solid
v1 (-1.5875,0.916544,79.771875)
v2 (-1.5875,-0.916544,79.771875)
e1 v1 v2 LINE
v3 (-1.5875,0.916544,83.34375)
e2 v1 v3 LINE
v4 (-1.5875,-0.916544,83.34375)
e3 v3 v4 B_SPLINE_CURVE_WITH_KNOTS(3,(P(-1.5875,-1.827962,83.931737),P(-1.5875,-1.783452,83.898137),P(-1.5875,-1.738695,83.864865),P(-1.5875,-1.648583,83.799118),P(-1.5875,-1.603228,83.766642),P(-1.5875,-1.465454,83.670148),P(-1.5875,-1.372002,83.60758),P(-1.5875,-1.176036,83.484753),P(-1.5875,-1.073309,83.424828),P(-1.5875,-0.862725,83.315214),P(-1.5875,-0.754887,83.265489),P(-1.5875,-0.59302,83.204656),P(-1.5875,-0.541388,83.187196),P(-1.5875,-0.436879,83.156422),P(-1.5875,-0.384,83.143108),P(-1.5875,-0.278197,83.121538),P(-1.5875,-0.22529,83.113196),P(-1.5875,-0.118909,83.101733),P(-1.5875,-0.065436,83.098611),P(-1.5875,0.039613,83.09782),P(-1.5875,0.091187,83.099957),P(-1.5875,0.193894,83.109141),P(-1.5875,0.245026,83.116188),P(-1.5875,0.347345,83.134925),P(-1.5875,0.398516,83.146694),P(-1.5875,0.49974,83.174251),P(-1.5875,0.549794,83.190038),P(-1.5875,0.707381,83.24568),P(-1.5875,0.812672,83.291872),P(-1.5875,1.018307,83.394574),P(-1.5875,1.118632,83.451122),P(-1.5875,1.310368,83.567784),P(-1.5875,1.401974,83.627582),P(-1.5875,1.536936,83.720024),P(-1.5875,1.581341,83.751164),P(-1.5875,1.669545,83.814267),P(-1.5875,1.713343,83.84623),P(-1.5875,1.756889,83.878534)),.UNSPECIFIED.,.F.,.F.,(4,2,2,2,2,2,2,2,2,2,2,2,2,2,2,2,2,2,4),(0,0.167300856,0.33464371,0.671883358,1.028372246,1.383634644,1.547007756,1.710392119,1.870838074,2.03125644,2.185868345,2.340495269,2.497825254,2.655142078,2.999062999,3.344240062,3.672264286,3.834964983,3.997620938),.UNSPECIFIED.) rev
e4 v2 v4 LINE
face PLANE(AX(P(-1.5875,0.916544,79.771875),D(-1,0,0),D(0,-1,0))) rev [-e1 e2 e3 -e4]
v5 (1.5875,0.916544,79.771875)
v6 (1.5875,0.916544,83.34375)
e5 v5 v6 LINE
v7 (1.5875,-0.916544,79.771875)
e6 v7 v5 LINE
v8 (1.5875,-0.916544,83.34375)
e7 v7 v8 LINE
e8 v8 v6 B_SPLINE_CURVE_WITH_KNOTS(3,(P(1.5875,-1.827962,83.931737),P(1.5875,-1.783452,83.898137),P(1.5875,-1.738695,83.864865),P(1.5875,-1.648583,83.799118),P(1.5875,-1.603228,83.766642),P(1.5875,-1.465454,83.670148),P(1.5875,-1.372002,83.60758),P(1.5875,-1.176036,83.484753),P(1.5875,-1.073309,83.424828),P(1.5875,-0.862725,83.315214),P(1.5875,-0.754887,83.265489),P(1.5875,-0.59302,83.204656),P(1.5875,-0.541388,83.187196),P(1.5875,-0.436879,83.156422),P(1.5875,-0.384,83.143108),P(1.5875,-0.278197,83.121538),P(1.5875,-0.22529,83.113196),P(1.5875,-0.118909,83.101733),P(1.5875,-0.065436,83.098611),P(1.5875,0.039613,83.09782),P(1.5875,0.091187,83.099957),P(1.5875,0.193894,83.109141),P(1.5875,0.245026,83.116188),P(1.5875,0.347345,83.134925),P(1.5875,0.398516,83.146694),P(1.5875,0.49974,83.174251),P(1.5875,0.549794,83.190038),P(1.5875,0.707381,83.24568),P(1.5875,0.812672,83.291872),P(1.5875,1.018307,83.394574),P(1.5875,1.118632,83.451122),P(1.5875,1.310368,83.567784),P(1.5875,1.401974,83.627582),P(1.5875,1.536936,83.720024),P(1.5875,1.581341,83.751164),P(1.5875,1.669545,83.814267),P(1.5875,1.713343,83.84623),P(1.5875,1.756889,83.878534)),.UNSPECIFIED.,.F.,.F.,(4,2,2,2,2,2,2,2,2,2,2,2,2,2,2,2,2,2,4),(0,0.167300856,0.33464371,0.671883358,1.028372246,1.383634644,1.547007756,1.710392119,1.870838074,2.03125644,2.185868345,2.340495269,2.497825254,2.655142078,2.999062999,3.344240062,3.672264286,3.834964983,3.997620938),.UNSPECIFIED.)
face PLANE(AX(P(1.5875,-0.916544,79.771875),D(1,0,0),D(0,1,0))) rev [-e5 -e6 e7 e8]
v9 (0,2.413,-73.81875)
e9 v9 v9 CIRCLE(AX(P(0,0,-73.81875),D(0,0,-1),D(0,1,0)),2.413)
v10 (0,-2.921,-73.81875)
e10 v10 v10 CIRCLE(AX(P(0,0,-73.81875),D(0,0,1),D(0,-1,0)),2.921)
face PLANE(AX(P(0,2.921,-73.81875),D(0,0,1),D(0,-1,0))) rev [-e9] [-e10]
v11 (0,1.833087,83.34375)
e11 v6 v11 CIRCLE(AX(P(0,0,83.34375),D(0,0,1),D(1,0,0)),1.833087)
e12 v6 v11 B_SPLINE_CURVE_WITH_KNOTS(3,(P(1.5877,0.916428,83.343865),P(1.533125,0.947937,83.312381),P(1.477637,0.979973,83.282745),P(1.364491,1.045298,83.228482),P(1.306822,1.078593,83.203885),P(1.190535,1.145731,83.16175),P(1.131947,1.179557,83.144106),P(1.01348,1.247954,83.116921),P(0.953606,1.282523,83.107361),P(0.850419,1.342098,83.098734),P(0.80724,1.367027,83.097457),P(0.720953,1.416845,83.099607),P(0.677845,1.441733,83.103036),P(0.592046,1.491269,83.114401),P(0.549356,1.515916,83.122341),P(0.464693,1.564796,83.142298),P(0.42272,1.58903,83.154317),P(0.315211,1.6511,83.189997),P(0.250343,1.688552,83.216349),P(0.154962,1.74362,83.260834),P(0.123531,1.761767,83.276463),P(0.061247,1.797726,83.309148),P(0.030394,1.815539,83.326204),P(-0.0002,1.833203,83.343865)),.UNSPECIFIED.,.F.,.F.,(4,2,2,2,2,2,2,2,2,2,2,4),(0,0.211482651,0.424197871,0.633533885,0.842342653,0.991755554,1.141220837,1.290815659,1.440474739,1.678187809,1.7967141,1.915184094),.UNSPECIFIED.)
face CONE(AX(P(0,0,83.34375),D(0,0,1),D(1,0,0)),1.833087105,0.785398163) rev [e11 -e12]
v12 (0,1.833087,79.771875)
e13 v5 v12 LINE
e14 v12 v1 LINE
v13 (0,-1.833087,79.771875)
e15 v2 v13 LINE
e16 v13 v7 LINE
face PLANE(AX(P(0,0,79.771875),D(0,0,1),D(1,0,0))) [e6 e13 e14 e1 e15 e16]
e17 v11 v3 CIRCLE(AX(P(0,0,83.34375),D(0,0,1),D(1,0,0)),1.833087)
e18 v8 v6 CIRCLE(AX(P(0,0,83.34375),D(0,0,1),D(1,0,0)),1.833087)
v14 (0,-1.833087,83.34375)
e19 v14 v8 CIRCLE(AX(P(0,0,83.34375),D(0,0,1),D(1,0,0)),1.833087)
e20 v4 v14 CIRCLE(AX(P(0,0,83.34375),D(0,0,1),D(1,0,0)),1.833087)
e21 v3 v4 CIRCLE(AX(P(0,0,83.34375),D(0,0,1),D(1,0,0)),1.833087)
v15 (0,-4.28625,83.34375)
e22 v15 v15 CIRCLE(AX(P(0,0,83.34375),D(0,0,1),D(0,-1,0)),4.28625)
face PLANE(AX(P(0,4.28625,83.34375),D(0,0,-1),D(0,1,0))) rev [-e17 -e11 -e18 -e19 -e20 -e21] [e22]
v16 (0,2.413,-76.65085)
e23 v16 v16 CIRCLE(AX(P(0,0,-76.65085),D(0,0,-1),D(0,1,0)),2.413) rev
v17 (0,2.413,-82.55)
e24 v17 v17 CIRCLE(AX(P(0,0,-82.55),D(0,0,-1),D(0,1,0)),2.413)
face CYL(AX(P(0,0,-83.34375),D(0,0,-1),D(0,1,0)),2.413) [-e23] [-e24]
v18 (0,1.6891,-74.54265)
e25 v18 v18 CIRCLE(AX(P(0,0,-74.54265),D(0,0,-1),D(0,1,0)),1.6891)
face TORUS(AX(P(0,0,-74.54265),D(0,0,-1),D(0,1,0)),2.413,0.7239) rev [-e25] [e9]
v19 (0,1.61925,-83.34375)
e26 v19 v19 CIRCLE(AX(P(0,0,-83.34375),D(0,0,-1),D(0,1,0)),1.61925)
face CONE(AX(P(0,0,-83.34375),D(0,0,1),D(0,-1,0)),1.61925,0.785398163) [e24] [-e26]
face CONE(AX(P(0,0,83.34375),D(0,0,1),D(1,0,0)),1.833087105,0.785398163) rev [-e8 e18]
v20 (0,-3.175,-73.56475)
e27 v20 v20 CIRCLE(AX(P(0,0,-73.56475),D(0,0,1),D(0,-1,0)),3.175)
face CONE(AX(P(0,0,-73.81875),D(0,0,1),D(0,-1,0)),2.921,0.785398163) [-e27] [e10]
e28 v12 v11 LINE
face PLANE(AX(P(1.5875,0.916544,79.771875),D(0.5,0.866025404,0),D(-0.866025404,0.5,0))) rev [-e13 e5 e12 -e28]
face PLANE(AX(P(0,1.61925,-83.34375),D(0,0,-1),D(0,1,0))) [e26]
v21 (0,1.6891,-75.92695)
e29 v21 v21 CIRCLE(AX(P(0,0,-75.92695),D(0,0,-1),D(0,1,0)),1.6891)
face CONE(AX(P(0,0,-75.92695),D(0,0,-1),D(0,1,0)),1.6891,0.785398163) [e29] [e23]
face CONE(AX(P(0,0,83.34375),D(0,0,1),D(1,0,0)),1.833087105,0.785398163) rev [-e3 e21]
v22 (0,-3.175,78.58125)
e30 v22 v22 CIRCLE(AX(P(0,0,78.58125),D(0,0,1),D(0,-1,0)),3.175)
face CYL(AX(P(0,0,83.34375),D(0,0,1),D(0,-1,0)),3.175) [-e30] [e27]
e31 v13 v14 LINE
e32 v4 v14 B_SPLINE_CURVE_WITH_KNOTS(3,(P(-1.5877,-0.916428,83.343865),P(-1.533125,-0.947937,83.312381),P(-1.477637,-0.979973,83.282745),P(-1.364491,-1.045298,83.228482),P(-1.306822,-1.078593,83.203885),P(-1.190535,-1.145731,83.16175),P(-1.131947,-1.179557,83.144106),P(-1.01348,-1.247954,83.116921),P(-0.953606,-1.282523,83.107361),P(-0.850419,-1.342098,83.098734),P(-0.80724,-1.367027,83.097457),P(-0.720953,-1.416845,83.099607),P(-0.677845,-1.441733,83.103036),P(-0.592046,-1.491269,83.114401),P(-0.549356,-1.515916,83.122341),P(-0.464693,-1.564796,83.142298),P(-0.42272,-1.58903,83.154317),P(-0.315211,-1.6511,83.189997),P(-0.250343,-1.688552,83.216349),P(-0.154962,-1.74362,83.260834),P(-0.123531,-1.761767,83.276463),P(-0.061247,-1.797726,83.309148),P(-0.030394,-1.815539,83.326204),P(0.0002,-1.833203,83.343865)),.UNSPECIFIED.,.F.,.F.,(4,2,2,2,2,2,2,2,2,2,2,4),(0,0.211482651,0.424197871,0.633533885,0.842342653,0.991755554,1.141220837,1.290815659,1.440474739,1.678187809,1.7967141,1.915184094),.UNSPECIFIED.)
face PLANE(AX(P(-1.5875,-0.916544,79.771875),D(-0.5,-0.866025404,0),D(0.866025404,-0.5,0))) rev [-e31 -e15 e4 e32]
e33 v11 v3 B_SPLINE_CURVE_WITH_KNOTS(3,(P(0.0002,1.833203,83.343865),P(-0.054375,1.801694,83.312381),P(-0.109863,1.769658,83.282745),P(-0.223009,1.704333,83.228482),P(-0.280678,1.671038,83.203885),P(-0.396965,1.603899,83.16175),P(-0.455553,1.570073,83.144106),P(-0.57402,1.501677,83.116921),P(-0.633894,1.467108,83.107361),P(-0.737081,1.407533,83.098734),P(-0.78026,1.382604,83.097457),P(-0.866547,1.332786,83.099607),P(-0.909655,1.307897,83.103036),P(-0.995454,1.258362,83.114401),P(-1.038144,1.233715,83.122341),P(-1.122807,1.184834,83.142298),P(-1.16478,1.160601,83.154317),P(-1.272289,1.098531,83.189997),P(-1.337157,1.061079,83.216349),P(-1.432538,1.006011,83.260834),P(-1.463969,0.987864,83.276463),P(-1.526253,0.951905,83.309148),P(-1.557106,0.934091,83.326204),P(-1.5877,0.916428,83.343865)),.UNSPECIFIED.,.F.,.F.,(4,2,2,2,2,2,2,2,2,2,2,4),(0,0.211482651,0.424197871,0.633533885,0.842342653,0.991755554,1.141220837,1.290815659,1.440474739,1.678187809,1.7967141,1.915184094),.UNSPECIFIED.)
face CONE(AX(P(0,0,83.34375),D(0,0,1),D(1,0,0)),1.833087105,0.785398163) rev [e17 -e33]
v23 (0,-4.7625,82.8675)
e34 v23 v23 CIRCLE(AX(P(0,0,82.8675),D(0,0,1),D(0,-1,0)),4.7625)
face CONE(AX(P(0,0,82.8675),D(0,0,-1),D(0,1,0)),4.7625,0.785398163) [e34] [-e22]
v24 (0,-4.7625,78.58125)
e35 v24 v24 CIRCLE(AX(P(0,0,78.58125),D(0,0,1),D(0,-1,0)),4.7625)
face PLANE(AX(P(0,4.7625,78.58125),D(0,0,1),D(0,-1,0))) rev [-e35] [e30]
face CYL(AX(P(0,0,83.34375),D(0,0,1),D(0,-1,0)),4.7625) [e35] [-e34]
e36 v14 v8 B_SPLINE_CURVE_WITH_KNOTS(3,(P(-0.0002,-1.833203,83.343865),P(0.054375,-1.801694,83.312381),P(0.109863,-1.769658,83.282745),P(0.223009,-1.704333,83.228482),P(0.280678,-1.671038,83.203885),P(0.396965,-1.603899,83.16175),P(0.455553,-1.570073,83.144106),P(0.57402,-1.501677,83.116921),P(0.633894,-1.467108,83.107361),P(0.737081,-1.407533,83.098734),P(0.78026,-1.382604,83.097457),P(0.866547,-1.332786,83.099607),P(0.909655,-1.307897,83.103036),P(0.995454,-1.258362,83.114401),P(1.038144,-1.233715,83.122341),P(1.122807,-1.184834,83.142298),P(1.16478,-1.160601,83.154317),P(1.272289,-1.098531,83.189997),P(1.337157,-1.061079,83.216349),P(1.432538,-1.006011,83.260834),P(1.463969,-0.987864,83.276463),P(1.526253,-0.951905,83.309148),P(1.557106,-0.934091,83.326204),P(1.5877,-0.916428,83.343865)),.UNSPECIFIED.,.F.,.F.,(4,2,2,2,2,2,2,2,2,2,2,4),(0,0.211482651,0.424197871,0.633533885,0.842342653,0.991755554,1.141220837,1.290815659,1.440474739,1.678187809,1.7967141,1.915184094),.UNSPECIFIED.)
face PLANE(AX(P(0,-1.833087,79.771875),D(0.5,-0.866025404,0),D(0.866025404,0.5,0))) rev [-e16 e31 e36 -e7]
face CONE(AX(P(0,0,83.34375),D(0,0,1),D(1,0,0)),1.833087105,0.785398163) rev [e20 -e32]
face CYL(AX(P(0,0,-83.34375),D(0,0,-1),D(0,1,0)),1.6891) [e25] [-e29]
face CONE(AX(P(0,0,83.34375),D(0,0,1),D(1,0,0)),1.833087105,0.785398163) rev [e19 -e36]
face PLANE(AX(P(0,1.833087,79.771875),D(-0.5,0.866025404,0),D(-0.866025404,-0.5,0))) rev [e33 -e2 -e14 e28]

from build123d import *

# Parameters (mm, degrees)
CUT_EXTRUDE1_DEPTH = 3.571875


with BuildPart() as part:
    # Sketch4 → Revolve1 (revolve)
    with BuildSketch(Plane(origin=(0, 0, 0), x_dir=(0, 0, -1), z_dir=(1, 0, 0))):
        Polygon((-78.58125, 4.7625), (-82.8675, 4.7625), (-83.34375, 4.28625), (-83.34375, 0), (73.81875, 0), (73.81875, 2.921), (73.56475, 3.175), (-78.58125, 3.175), align=None)
    revolve(axis=Axis((0, 0, 83.34375), (0, 0, -1)))

    # Sketch5 → Cut-Extrude1 (cut)
    with BuildSketch(Plane.XY.offset(83.34375)):
        Polygon((1.5875, 0.916543552), (0, 1.833087105), (-1.5875, 0.916543552), (-1.5875, -0.916543552), (0, -1.833087105), (1.5875, -0.916543552), align=None)
    extrude(amount=-CUT_EXTRUDE1_DEPTH, mode=Mode.SUBTRACT)

    # Cut-Extrude4 cone 1 section (through the dimple's axis) → Cut-Extrude4 (revolve, cut)
    with BuildSketch(Plane(origin=(0, 0, 83.34375), x_dir=(0, -1, 0), z_dir=(1, 0, 0))):
        Polygon((0, 0), (1.833087105, 0), (0, 1.833087105), align=None)
    revolve(axis=Axis((0, 0, 83.34375), (0, 0, -1)), mode=Mode.SUBTRACT)

    # Sketch7 → Revolve2 (revolve)
    with BuildSketch(Plane(origin=(0, 0, 0), x_dir=(0, 0, -1), z_dir=(1, 0, 0))):
        Polygon((73.81875, 2.413), (82.55, 2.413), (83.34375, 1.61925), (83.34375, 0), (73.81875, 0), align=None)
    revolve(axis=Axis((0, 0, -83.34375), (0, 0, 1)))

    # Sketch10 → Cut-Revolve1 (revolve, cut)
    with BuildSketch(Plane(origin=(0, 0, 0), x_dir=(0, 0, -1), z_dir=(1, 0, 0))):
        with BuildLine():
            Line((74.54265, 1.6891), (75.92695, 1.6891))
            Line((75.92695, 1.6891), (77.41285, 3.175))
            Line((77.41285, 3.175), (73.81875, 3.175))
            Line((73.81875, 3.175), (73.81875, 2.413))
            ThreePointArc((73.81875, 2.413), (74.030775401, 1.901125401), (74.54265, 1.6891))
        make_face()
    revolve(axis=Axis((0, 0, -83.34375), (0, 0, 1)), mode=Mode.SUBTRACT)


solid = part.part
